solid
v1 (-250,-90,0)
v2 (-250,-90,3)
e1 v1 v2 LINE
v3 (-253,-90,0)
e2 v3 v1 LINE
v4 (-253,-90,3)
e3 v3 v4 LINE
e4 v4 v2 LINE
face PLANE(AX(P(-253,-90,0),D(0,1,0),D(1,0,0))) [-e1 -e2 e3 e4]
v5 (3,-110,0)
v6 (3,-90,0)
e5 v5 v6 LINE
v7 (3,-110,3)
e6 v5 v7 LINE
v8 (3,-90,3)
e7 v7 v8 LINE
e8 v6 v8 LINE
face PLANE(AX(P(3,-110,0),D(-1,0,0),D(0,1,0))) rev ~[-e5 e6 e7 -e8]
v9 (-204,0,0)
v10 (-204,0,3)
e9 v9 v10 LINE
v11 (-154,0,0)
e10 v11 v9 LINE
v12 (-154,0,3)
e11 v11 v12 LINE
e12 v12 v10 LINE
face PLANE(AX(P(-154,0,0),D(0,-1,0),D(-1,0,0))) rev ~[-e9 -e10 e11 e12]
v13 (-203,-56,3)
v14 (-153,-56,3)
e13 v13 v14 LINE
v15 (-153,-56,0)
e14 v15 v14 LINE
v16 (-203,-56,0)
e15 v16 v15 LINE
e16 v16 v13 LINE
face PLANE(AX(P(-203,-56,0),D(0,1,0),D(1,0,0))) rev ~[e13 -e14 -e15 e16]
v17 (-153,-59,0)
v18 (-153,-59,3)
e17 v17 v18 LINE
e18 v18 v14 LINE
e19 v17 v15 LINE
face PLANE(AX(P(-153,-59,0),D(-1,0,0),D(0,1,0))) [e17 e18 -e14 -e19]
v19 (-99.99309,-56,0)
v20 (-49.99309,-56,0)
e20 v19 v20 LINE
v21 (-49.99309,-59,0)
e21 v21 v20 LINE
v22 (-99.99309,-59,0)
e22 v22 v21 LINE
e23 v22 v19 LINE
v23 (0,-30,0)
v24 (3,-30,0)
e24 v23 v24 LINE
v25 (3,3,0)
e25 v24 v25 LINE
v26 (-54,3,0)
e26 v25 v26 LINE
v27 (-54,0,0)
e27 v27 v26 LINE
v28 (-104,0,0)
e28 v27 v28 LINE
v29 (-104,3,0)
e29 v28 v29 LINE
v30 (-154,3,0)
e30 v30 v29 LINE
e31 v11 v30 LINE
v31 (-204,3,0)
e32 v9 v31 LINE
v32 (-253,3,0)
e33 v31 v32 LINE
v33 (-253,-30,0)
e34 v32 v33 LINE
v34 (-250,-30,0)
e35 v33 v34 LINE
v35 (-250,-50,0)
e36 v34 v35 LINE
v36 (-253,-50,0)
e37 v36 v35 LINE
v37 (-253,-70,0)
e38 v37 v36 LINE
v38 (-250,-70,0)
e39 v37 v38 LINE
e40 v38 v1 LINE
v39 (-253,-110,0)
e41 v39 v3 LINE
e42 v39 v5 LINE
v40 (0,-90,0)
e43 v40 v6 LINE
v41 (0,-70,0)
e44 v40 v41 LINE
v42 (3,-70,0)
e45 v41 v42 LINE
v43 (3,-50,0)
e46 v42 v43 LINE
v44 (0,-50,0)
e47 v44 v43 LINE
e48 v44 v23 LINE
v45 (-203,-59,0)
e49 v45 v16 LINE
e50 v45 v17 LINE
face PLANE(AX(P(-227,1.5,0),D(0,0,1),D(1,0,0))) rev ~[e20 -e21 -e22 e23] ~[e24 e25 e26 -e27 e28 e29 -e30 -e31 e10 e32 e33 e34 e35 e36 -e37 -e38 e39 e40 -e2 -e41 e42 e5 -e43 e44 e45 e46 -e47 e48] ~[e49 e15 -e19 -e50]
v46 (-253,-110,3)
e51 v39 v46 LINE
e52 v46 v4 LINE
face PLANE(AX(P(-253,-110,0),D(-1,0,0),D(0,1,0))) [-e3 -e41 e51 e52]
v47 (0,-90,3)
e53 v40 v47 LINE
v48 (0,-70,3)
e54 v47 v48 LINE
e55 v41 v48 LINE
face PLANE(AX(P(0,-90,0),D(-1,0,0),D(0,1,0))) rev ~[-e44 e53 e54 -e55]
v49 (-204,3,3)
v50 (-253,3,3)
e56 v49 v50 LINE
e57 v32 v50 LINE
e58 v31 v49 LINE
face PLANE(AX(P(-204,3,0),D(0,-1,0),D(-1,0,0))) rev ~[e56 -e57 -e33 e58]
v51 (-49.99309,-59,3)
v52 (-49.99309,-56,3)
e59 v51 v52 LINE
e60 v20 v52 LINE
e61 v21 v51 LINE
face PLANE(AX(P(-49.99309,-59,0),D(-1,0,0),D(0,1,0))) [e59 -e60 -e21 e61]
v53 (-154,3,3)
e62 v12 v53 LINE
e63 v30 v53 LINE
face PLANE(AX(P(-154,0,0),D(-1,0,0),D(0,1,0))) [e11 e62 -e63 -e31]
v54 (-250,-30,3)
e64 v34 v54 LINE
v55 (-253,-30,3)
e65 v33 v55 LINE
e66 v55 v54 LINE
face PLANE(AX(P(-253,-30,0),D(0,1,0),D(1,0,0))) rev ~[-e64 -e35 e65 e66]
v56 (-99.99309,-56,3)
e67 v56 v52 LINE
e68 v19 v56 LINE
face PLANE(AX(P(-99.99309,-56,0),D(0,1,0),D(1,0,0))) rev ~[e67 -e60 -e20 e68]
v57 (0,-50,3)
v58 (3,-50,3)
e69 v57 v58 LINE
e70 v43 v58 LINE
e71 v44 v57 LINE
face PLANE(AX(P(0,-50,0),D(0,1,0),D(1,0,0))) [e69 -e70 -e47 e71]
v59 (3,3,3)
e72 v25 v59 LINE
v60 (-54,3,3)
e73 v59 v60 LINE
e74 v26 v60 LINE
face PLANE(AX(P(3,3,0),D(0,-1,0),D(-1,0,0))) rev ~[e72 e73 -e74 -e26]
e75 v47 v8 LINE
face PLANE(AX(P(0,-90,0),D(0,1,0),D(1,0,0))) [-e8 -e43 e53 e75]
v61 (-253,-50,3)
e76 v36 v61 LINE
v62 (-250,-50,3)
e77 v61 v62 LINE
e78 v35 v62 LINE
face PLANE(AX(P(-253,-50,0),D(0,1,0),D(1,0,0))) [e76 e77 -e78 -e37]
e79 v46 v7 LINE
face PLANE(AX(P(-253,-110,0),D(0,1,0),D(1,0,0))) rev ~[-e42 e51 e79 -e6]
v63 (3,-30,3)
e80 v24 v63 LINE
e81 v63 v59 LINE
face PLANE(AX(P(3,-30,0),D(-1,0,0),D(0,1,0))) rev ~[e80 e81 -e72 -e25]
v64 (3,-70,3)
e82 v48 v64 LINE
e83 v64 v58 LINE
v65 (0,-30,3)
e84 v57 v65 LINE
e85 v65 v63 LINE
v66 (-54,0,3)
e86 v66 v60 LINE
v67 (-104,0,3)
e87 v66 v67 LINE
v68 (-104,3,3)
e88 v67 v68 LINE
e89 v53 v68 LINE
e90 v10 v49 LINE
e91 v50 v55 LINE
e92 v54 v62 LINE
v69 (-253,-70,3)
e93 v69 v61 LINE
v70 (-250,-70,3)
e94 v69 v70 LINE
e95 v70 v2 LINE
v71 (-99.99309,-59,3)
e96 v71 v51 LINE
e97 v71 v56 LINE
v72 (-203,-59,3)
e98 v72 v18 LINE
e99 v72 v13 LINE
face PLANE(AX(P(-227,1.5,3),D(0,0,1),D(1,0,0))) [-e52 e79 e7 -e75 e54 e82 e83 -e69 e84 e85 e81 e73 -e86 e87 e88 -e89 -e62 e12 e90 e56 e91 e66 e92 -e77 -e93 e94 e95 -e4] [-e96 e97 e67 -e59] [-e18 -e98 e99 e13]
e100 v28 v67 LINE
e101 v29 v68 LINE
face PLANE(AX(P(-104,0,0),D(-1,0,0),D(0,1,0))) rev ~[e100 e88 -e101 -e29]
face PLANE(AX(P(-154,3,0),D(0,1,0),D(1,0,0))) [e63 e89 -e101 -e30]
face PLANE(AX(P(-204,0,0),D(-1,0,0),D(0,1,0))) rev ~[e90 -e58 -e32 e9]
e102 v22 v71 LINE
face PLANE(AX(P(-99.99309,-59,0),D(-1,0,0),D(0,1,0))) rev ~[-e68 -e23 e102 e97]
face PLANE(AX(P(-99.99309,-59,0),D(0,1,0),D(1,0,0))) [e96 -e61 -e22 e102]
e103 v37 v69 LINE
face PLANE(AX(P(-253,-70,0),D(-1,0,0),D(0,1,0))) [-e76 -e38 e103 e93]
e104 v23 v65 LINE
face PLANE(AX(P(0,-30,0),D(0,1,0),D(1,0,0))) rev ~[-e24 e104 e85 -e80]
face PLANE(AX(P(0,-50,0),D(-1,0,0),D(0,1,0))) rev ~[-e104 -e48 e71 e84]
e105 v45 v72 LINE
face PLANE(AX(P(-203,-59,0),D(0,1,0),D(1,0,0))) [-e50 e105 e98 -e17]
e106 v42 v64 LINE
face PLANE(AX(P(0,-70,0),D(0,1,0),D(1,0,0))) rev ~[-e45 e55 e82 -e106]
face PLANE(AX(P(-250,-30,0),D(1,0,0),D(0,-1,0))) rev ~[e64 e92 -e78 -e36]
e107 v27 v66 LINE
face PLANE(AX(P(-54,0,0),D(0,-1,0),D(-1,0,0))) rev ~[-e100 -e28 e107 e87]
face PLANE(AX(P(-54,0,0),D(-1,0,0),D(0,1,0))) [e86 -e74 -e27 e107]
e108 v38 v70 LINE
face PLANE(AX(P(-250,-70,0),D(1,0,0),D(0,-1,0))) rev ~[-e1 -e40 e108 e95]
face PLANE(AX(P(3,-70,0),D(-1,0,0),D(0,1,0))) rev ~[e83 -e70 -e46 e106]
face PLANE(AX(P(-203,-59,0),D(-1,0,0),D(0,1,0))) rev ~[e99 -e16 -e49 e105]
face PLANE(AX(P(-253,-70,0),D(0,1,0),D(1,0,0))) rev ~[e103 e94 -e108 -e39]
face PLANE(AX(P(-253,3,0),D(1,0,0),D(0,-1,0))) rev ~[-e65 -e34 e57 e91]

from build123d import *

# Parameters (mm, degrees)
F0_W     = 46
F0_H     = 3
F0_W_2   = 50
F0_W_3   = 3
F0_H_2   = 20
F0_W_4   = 54
F1_DEPTH = 3


with BuildPart() as f1:
    # F0 (on Top) → F1 (new body)
    with BuildSketch(Plane.XY):
        with Locations((-227, 1.5)):
            Rectangle(F0_W, F0_H)
        Polygon((-204, 0), (-250, 0), (-250, -30), (-250, -50), (-250, -70), (-250, -90), (-250, -110), (0, -110), (0, -90), (0, -70), (0, -50), (0, -30), (0, 0), (-54, 0), (-104, 0), (-154, 0), align=None)
        with Locations((-178, -57.5)):
            Rectangle(F0_W_2, F0_H, mode=Mode.SUBTRACT)
        with Locations((-74.99309, -57.5)):
            Rectangle(F0_W_2, F0_H, mode=Mode.SUBTRACT)
        Polygon((-250, -30), (-250, 0), (-250, 3), (-253, 3), (-253, -30), align=None)
        with Locations((-129, 1.5)):
            Rectangle(F0_W_2, F0_H)
        with Locations((-251.5, -60)):
            Rectangle(F0_W_3, F0_H_2)
        with Locations((-27, 1.5)):
            Rectangle(F0_W_4, F0_H)
        with Locations((-251.5, -100)):
            Rectangle(F0_W_3, F0_H_2)
        Polygon((0, 3), (0, 0), (0, -30), (3, -30), (3, 3), align=None)
        with Locations((1.5, -100)):
            Rectangle(F0_W_3, F0_H_2)
        with Locations((1.5, -60)):
            Rectangle(F0_W_3, F0_H_2)
    extrude(amount=F1_DEPTH)


solid = f1.part
